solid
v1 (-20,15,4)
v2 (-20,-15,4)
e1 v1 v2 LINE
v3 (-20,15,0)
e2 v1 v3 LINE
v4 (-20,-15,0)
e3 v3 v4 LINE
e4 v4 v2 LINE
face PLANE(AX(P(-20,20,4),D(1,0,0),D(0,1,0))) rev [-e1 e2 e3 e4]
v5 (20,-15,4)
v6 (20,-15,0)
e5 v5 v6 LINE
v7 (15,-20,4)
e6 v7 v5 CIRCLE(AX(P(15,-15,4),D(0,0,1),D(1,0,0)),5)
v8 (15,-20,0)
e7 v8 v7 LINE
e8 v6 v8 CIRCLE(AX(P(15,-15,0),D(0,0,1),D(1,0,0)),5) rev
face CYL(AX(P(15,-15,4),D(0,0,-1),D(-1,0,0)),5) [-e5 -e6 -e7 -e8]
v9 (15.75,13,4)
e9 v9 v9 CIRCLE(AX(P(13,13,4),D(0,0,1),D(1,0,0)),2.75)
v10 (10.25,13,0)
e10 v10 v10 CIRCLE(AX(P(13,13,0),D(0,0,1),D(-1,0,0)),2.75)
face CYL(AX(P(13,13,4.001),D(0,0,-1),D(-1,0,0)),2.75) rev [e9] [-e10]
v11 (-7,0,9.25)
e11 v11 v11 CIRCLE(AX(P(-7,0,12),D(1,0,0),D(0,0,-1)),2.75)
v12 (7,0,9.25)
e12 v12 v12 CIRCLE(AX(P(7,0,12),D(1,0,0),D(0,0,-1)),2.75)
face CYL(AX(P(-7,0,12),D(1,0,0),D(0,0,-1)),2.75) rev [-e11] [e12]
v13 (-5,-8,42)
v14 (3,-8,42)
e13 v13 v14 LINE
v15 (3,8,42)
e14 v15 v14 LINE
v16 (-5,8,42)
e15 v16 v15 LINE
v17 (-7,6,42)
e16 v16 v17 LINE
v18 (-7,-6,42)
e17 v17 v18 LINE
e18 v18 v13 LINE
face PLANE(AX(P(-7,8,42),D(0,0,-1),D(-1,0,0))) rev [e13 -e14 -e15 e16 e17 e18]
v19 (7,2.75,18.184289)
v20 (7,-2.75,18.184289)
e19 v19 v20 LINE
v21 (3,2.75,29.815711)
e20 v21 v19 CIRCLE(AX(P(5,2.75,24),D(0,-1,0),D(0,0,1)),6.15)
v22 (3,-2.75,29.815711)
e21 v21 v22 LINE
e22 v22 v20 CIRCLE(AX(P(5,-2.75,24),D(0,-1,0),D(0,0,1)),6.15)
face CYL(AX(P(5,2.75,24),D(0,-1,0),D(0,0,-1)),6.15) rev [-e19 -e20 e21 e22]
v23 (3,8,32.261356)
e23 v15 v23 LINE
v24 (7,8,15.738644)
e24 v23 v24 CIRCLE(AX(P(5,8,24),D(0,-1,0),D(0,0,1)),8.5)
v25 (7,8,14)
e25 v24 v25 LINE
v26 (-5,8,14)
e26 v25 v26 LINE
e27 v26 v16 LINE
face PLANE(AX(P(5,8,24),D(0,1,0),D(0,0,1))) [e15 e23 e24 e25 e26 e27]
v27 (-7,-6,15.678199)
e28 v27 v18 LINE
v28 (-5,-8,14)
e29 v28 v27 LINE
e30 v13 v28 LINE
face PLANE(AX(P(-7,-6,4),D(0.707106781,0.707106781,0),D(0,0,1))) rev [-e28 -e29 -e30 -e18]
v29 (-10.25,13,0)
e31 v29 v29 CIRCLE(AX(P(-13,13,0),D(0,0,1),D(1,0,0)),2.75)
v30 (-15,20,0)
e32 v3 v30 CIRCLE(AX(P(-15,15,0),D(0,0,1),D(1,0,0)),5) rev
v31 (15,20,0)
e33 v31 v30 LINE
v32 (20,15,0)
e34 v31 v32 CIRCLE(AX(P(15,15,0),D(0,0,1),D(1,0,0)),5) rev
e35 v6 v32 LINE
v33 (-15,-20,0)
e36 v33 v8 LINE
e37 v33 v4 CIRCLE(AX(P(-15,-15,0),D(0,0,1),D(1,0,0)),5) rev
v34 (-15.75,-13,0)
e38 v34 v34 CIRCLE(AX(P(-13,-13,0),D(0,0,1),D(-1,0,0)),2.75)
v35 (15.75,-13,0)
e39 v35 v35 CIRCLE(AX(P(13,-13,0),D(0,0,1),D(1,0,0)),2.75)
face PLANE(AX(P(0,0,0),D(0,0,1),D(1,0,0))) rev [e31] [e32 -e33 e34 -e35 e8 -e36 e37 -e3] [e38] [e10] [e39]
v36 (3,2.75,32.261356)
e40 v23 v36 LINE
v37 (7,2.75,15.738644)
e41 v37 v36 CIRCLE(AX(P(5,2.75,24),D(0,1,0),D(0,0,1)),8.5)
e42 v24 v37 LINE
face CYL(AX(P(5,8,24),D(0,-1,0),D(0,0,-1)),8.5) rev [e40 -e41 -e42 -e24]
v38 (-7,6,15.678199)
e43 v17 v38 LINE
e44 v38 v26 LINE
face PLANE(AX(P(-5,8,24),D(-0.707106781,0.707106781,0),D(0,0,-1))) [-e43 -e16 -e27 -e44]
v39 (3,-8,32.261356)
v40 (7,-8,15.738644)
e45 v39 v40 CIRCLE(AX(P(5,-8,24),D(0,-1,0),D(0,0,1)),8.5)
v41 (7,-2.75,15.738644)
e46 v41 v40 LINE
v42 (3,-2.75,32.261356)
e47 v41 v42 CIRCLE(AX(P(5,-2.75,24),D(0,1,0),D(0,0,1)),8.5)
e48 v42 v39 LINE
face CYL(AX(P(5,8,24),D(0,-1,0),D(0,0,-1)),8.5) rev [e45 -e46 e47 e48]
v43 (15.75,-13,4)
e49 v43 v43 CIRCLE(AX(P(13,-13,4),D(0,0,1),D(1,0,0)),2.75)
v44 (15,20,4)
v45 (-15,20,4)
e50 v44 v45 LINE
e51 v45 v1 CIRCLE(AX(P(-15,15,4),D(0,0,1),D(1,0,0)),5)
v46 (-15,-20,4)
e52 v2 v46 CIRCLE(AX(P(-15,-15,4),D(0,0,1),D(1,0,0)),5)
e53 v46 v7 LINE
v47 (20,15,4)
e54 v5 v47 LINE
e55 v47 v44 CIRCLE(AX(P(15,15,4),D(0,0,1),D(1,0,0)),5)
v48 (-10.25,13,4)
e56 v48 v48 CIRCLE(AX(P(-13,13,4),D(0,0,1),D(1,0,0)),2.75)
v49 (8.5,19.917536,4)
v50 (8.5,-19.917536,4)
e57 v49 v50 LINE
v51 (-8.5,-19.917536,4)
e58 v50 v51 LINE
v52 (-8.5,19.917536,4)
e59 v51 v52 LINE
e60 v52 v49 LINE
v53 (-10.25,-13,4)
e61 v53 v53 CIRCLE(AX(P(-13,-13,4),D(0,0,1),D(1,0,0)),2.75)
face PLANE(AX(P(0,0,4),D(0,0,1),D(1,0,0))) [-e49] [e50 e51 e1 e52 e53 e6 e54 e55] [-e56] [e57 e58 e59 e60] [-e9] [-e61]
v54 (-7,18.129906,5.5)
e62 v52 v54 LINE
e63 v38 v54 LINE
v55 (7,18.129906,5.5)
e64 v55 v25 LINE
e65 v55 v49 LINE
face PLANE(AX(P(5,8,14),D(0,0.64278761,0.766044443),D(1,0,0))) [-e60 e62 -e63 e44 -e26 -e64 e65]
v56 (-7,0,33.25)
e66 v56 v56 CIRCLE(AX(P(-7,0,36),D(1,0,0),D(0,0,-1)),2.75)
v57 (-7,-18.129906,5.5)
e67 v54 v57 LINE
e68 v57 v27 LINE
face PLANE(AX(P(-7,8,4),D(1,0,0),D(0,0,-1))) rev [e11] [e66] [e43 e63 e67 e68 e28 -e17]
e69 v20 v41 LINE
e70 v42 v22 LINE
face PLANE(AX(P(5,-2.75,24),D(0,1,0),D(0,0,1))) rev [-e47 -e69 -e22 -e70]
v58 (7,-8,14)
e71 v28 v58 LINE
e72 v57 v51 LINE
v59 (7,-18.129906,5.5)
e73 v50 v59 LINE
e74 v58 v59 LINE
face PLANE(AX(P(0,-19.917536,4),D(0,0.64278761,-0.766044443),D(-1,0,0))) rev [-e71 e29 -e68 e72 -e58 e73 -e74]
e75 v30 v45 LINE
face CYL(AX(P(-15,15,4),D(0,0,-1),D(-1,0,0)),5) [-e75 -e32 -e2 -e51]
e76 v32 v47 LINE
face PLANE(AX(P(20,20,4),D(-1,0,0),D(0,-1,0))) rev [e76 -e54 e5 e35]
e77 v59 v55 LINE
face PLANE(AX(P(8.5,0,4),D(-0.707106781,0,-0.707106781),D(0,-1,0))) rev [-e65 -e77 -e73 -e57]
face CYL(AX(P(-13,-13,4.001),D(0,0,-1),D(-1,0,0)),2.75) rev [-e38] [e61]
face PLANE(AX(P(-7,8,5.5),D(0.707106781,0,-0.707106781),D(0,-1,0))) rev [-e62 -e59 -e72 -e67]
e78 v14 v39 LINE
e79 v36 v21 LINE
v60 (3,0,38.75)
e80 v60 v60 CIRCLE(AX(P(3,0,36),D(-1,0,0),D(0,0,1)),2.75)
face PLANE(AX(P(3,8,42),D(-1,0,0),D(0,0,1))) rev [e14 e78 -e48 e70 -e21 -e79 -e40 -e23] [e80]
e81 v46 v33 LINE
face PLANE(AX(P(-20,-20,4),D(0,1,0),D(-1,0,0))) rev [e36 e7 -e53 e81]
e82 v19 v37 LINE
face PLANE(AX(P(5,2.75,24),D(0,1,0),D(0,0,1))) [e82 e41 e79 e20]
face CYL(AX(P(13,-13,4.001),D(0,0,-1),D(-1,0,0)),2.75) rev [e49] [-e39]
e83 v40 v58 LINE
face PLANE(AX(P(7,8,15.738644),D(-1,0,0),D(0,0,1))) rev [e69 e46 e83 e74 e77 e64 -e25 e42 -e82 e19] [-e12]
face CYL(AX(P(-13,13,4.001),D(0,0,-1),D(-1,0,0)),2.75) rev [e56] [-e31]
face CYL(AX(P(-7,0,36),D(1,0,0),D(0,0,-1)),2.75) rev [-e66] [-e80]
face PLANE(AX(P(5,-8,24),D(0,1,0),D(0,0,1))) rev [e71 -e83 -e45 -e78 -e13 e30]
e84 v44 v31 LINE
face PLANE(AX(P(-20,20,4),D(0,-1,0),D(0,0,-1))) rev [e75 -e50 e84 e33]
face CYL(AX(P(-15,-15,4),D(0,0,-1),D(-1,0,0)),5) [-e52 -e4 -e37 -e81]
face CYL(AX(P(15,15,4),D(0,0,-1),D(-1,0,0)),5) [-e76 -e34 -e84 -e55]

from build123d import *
from OCP.BRepFilletAPI import BRepFilletAPI_MakeChamfer

# Parameters (mm, degrees)
SKETCH1_W           = 40
SKETCH1_H           = 40
BOSS_EXTRUDE1_DEPTH = 4
CUT_EXTRUDE1_REACH  = 30.566
SKETCH2_R           = 2.75
BOSS_EXTRUDE2_DEPTH = 8
CHAMFER1_SIZE       = 10
CHAMFER1_SIZE2      = 11.917535926
SKETCH4_R           = 2.75
CUT_EXTRUDE2_DEPTH  = 7
BOSS_EXTRUDE3_DEPTH = 2.75
CHAMFER2_SIZE       = 1.5
FILLET1_R           = 5
CHAMFER3_SIZE       = 2


with BuildPart() as part:
    # Sketch1 → Boss-Extrude1 (new body)
    with BuildSketch(Plane.XY):
        Rectangle(SKETCH1_W, SKETCH1_H)
    extrude(amount=BOSS_EXTRUDE1_DEPTH)

    # Sketch2 → Cut-Extrude1 (cut, up to next)
    with BuildSketch(Plane.XY, mode=Mode.PRIVATE) as cut_extrude1_sk1:
        with Locations((-13, 13)):
            Circle(SKETCH2_R)
    cut_extrude1_tool1 = extrude(cut_extrude1_sk1.sketch, amount=CUT_EXTRUDE1_REACH, mode=Mode.PRIVATE) & part.part
    # Sketch2 → Cut-Extrude1 (cut, up to next)
    with BuildSketch(Plane.XY, mode=Mode.PRIVATE) as cut_extrude1_sk2:
        with Locations(Location((13, 13, 0), (0, 0, 180))):
            Circle(SKETCH2_R)
    cut_extrude1_tool2 = extrude(cut_extrude1_sk2.sketch, amount=CUT_EXTRUDE1_REACH, mode=Mode.PRIVATE) & part.part
    # Sketch2 → Cut-Extrude1 (cut, up to next)
    with BuildSketch(Plane.XY, mode=Mode.PRIVATE) as cut_extrude1_sk3:
        with Locations((13, -13)):
            Circle(SKETCH2_R)
    cut_extrude1_tool3 = extrude(cut_extrude1_sk3.sketch, amount=CUT_EXTRUDE1_REACH, mode=Mode.PRIVATE) & part.part
    # Sketch2 → Cut-Extrude1 (cut, up to next)
    with BuildSketch(Plane.XY, mode=Mode.PRIVATE) as cut_extrude1_sk4:
        with Locations(Location((-13, -13, 0), (0, 0, 180))):
            Circle(SKETCH2_R)
    cut_extrude1_tool4 = extrude(cut_extrude1_sk4.sketch, amount=CUT_EXTRUDE1_REACH, mode=Mode.PRIVATE) & part.part
    add(cut_extrude1_tool1.solids().sort_by_distance((-13, 13, 0))[0], mode=Mode.SUBTRACT)
    add(cut_extrude1_tool2.solids().sort_by_distance((13, 13, 0))[0], mode=Mode.SUBTRACT)
    add(cut_extrude1_tool3.solids().sort_by_distance((13, -13, 0))[0], mode=Mode.SUBTRACT)
    add(cut_extrude1_tool4.solids().sort_by_distance((-13, -13, 0))[0], mode=Mode.SUBTRACT)

    # Sketch3 → Boss-Extrude2 (add, symmetric)
    with BuildSketch(Plane(origin=(0, 0, 0), x_dir=(1, 0, 0), z_dir=(0, 1, 0))):
        with BuildLine():
            Line((-7, -4), (-7, -42))
            Line((-7, -42), (3, -42))
            Line((3, -42), (3, -32.261355821))
            ThreePointArc((3, -32.261355821), (-3.261355821, -22), (7, -15.738644179))
            Line((7, -15.738644179), (7, -4))
            Line((7, -4), (-7, -4))
        make_face()
    extrude(amount=BOSS_EXTRUDE2_DEPTH, both=True)

    # Chamfer1: one chamfer whose edges measure the first distance from different faces: ONE call of the kernel's chamfer builder (chamfer() names one face for all edges)
    chamfer1_edges_1 = [part.edges().sort_by_distance(p)[0] for p in [
        (0, -8, 4),
    ]]
    chamfer1_side_1 = [part.faces().sort_by_distance(p)[0] for p in [
        (6.595030865, -8, 9.86932209),
    ]]
    chamfer1_edges_2 = [part.edges().sort_by_distance(p)[0] for p in [
        (0, 8, 4),
    ]]
    chamfer1_side_2 = [part.faces().sort_by_distance(p)[0] for p in [
        (6.595030865, 8, 9.86932209),
    ]]
    chamfer1 = BRepFilletAPI_MakeChamfer(part.part.solid().wrapped)
    for e in chamfer1_edges_1:
        chamfer1.Add(CHAMFER1_SIZE, CHAMFER1_SIZE2, e.wrapped, chamfer1_side_1[0].wrapped)  # the first distance lies on this face
    for e in chamfer1_edges_2:
        chamfer1.Add(CHAMFER1_SIZE, CHAMFER1_SIZE2, e.wrapped, chamfer1_side_2[0].wrapped)  # the first distance lies on this face
    add(Compound.cast(chamfer1.Shape()), mode=Mode.REPLACE)

    # Sketch4 → Cut-Extrude2 (cut, symmetric)
    with BuildSketch(Plane(origin=(0, 0, 0), x_dir=(0, 0, -1), z_dir=(1, 0, 0))):
        with Locations((-12, 0)):
            Circle(SKETCH4_R)
        with Locations((-36, 0)):
            Circle(SKETCH4_R)
    extrude(amount=CUT_EXTRUDE2_DEPTH, both=True, mode=Mode.SUBTRACT)

    # Sketch5 → Boss-Extrude3 (add, symmetric)
    with BuildSketch(Plane(origin=(0, 0, 0), x_dir=(1, 0, 0), z_dir=(0, 1, 0))):
        with BuildLine():
            Line((7, -15.738644179), (7, -18.184288522))
            ThreePointArc((7, -18.184288522), (-0.815711478, -22), (3, -29.815711478))
            Line((3, -29.815711478), (3, -32.261355821))
            ThreePointArc((3, -32.261355821), (-3.261355821, -22), (7, -15.738644179))
        make_face()
    extrude(amount=BOSS_EXTRUDE3_DEPTH, both=True)

    # Chamfer2
    chamfer2_edges = [part.edges().sort_by_distance(p)[0] for p in [
        (7, 0, 4),
        (-7, 0, 4),
    ]]
    chamfer(chamfer2_edges, length=CHAMFER2_SIZE)

    # Fillet1
    fillet1_edges = [part.edges().sort_by_distance(p)[0] for p in [
        (20, -20, 2),
        (-20, -20, 2),
        (-20, 20, 2),
        (20, 20, 2),
    ]]
    fillet(fillet1_edges, radius=FILLET1_R)

    # Chamfer3
    chamfer3_edges = [part.edges().sort_by_distance(p)[0] for p in [
        (-7, -8, 28),
        (-7, 8, 28),
    ]]
    chamfer(chamfer3_edges, length=CHAMFER3_SIZE)


solid = part.part
